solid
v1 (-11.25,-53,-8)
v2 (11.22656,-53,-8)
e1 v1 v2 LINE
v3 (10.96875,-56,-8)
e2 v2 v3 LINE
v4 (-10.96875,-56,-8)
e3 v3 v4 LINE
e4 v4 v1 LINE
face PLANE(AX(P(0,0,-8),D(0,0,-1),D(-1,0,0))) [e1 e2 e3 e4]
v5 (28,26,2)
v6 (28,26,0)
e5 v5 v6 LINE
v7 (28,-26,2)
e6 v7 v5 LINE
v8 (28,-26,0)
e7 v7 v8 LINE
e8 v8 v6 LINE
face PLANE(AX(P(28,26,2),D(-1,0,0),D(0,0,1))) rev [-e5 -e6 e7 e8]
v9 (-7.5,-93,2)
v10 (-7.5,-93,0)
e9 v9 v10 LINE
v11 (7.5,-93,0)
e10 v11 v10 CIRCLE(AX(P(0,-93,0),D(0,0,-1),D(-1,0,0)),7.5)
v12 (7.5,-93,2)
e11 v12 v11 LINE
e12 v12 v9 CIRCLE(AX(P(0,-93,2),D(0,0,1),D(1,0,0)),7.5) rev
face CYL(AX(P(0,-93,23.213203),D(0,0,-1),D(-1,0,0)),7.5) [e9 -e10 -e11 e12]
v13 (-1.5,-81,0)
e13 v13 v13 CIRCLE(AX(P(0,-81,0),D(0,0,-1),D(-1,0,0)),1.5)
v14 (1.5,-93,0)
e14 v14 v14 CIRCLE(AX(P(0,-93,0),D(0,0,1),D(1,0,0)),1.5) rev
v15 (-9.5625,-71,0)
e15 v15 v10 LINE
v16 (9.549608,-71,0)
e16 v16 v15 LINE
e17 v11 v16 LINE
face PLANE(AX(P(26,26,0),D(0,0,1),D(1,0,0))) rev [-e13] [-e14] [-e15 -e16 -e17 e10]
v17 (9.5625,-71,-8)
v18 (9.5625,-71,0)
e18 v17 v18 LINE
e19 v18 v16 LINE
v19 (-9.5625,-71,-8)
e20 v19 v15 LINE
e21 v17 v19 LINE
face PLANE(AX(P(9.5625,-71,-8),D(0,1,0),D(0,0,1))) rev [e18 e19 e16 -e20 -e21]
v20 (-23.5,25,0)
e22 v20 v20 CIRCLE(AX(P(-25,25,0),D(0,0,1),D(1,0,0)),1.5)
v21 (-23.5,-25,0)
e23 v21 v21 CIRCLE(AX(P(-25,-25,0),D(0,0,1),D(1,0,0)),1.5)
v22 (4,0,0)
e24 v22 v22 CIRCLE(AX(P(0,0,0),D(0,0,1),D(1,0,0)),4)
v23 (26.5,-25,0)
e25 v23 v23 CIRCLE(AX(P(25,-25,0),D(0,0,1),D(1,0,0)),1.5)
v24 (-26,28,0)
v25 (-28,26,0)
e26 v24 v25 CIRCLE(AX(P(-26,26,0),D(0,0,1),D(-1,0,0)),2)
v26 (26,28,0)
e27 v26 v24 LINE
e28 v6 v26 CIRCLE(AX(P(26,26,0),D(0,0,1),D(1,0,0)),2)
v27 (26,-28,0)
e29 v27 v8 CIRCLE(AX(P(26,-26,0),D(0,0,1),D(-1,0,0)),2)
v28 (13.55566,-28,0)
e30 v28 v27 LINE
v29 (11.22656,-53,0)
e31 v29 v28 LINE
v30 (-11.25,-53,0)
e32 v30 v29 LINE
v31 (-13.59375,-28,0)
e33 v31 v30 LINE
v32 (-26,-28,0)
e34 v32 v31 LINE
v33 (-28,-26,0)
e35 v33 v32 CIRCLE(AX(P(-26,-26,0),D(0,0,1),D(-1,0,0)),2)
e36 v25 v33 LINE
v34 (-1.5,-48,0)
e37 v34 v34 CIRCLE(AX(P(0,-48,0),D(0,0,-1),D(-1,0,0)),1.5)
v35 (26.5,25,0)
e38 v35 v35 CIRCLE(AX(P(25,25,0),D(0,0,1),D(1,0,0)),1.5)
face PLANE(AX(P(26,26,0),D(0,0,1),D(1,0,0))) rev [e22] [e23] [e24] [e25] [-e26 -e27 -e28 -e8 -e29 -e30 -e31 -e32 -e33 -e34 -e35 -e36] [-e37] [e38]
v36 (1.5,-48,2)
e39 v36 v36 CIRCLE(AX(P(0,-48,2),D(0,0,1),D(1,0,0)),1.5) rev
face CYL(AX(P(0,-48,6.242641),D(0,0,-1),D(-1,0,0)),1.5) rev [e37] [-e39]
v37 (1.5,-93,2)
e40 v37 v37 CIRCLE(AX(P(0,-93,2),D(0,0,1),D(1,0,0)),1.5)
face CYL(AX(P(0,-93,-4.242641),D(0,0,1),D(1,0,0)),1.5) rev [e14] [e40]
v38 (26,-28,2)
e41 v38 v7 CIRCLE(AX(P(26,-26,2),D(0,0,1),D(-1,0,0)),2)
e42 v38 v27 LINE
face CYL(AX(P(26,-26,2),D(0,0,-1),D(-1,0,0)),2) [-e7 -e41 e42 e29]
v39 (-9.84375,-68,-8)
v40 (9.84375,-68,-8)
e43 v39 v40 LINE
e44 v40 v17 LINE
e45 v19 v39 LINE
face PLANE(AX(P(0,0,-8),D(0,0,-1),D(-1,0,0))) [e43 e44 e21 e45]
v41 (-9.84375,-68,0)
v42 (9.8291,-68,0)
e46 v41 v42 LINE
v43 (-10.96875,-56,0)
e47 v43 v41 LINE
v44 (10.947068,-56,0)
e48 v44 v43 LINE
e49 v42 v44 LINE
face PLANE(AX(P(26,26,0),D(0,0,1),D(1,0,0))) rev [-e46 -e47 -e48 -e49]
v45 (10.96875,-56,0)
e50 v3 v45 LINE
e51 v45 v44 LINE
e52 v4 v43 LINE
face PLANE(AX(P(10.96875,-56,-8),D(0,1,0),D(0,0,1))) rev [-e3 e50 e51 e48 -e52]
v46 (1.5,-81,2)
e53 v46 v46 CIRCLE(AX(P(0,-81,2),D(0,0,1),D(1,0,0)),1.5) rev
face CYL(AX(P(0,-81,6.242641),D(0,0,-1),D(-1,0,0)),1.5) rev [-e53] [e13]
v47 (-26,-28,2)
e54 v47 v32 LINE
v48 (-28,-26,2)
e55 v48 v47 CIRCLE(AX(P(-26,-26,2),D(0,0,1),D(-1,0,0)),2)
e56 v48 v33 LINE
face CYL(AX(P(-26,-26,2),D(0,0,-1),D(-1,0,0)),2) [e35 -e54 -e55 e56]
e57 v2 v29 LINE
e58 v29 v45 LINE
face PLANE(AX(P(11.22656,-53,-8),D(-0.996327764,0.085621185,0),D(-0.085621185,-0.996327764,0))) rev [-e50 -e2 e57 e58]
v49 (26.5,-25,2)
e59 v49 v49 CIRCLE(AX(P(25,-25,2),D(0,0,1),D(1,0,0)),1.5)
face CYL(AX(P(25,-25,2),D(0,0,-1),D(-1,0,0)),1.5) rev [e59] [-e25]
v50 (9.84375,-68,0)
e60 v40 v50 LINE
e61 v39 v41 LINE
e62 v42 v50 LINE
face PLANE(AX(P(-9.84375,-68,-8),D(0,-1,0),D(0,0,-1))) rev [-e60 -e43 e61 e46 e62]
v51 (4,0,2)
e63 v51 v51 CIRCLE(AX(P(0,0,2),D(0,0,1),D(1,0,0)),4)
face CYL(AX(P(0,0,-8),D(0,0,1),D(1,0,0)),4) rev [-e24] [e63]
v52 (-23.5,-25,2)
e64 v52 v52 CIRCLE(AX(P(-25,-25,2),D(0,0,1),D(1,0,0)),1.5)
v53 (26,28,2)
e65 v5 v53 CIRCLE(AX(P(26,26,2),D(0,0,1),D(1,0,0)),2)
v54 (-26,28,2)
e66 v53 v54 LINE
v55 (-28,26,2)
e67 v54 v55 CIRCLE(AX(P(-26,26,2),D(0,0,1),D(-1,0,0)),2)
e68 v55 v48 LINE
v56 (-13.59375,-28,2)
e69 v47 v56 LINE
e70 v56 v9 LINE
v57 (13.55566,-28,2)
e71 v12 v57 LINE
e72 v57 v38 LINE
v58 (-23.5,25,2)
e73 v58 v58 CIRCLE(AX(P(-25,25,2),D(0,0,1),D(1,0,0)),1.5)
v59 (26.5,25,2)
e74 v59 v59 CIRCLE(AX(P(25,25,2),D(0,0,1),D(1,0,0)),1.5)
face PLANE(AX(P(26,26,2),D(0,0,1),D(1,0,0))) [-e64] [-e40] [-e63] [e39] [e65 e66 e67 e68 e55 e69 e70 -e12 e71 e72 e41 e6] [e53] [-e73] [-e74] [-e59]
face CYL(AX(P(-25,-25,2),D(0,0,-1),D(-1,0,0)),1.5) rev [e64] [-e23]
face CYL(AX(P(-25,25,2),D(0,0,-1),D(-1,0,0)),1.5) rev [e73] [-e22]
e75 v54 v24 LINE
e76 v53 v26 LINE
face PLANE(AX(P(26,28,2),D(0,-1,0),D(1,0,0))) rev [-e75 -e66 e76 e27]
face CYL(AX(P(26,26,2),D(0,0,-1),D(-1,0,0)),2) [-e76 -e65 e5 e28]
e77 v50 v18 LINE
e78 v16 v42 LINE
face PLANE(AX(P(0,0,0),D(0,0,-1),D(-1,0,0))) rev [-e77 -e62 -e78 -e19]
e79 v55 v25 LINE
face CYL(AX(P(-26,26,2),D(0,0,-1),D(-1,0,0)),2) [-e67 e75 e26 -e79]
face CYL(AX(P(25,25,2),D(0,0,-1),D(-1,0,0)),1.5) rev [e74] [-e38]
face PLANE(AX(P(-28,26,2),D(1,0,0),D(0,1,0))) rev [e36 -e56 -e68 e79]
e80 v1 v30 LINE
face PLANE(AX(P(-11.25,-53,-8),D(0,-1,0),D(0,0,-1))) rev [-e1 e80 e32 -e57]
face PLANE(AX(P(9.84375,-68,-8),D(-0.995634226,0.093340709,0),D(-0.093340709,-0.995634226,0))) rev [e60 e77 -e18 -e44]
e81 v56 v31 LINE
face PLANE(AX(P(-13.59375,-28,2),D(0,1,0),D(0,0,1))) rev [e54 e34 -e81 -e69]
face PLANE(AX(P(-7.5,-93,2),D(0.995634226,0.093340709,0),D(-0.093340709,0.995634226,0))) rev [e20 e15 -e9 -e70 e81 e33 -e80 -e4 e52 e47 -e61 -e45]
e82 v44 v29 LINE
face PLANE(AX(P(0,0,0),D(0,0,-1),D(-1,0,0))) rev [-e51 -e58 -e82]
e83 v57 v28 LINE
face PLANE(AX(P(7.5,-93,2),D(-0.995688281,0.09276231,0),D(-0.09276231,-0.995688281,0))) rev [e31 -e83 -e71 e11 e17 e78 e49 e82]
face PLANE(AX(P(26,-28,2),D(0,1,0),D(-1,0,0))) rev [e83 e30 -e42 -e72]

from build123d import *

# Parameters (mm, degrees)
SKETCH2_R           = 1.5
BOSS_EXTRUDE1_DEPTH = 2
SKETCH3_R           = 4
CUT_EXTRUDE1_DEPTH  = 10
BOSS_EXTRUDE2_DEPTH = 8
SKETCH5_R           = 1.5
CUT_EXTRUDE2_DEPTH  = 2
SKETCH6_R           = 7.5
BOSS_EXTRUDE3_DEPTH = 2
SKETCH7_R           = 1.5
CUT_EXTRUDE3_DEPTH  = 2


with BuildPart() as part:
    # Sketch2 → Boss-Extrude1 (new body)
    with BuildSketch(Plane.XY):
        with BuildLine():
            Line((-13.59375, -28), (-26, -28))
            ThreePointArc((-26, -28), (-27.414213562, -27.414213562), (-28, -26))
            Line((-28, -26), (-28, 26))
            ThreePointArc((-28, 26), (-27.414213562, 27.414213562), (-26, 28))
            Line((-26, 28), (26, 28))
            ThreePointArc((26, 28), (27.414213562, 27.414213562), (28, 26))
            Line((28, 26), (28, -26))
            ThreePointArc((28, -26), (27.414213562, -27.414213562), (26, -28))
            Line((26, -28), (13.555660481, -28))
            Line((13.555660481, -28), (7.5, -93))
            Line((7.5, -93), (-7.5, -93))
            Line((-7.5, -93), (-13.59375, -28))
        make_face()
        with Locations((25, 25)):
            Circle(SKETCH2_R, mode=Mode.SUBTRACT)
        with Locations((25, -25)):
            Circle(SKETCH2_R, mode=Mode.SUBTRACT)
        with Locations((-25, -25)):
            Circle(SKETCH2_R, mode=Mode.SUBTRACT)
        with Locations((-25, 25)):
            Circle(SKETCH2_R, mode=Mode.SUBTRACT)
    extrude(amount=BOSS_EXTRUDE1_DEPTH)

    # Sketch3 → Cut-Extrude1 (cut)
    with BuildSketch(Plane.XY.offset(2)):
        Circle(SKETCH3_R)
    extrude(amount=-CUT_EXTRUDE1_DEPTH, mode=Mode.SUBTRACT)

    # Sketch4 → Boss-Extrude2 (add)
    with BuildSketch(Plane(origin=(0, 0, 0), x_dir=(-1, 0, 0), z_dir=(0, 0, -1))):
        Polygon((-11.226560296, -53), (-10.96875, -56), (10.96875, -56), (11.25, -53), align=None)
        Polygon((-9.84375, -68), (-9.5625, -71), (9.5625, -71), (9.84375, -68), align=None)
    extrude(amount=BOSS_EXTRUDE2_DEPTH)

    # Sketch5 → Cut-Extrude2 (cut)
    with BuildSketch(Plane(origin=(0, 0, 0), x_dir=(-1, 0, 0), z_dir=(0, 0, -1))):
        with Locations((0, -48)):
            Circle(SKETCH5_R)
        with Locations((0, -81)):
            Circle(SKETCH5_R)
    extrude(amount=-CUT_EXTRUDE2_DEPTH, mode=Mode.SUBTRACT)

    # Sketch6 → Boss-Extrude3 (add)
    with BuildSketch(Plane(origin=(0, 0, 0), x_dir=(-1, 0, 0), z_dir=(0, 0, -1))):
        with Locations((0, -93)):
            Circle(SKETCH6_R)
    extrude(amount=-BOSS_EXTRUDE3_DEPTH)

    # Sketch7 → Cut-Extrude3 (cut)
    with BuildSketch(Plane.XY.offset(2)):
        with Locations((0, -93)):
            Circle(SKETCH7_R)
    extrude(amount=-CUT_EXTRUDE3_DEPTH, mode=Mode.SUBTRACT)


solid = part.part
